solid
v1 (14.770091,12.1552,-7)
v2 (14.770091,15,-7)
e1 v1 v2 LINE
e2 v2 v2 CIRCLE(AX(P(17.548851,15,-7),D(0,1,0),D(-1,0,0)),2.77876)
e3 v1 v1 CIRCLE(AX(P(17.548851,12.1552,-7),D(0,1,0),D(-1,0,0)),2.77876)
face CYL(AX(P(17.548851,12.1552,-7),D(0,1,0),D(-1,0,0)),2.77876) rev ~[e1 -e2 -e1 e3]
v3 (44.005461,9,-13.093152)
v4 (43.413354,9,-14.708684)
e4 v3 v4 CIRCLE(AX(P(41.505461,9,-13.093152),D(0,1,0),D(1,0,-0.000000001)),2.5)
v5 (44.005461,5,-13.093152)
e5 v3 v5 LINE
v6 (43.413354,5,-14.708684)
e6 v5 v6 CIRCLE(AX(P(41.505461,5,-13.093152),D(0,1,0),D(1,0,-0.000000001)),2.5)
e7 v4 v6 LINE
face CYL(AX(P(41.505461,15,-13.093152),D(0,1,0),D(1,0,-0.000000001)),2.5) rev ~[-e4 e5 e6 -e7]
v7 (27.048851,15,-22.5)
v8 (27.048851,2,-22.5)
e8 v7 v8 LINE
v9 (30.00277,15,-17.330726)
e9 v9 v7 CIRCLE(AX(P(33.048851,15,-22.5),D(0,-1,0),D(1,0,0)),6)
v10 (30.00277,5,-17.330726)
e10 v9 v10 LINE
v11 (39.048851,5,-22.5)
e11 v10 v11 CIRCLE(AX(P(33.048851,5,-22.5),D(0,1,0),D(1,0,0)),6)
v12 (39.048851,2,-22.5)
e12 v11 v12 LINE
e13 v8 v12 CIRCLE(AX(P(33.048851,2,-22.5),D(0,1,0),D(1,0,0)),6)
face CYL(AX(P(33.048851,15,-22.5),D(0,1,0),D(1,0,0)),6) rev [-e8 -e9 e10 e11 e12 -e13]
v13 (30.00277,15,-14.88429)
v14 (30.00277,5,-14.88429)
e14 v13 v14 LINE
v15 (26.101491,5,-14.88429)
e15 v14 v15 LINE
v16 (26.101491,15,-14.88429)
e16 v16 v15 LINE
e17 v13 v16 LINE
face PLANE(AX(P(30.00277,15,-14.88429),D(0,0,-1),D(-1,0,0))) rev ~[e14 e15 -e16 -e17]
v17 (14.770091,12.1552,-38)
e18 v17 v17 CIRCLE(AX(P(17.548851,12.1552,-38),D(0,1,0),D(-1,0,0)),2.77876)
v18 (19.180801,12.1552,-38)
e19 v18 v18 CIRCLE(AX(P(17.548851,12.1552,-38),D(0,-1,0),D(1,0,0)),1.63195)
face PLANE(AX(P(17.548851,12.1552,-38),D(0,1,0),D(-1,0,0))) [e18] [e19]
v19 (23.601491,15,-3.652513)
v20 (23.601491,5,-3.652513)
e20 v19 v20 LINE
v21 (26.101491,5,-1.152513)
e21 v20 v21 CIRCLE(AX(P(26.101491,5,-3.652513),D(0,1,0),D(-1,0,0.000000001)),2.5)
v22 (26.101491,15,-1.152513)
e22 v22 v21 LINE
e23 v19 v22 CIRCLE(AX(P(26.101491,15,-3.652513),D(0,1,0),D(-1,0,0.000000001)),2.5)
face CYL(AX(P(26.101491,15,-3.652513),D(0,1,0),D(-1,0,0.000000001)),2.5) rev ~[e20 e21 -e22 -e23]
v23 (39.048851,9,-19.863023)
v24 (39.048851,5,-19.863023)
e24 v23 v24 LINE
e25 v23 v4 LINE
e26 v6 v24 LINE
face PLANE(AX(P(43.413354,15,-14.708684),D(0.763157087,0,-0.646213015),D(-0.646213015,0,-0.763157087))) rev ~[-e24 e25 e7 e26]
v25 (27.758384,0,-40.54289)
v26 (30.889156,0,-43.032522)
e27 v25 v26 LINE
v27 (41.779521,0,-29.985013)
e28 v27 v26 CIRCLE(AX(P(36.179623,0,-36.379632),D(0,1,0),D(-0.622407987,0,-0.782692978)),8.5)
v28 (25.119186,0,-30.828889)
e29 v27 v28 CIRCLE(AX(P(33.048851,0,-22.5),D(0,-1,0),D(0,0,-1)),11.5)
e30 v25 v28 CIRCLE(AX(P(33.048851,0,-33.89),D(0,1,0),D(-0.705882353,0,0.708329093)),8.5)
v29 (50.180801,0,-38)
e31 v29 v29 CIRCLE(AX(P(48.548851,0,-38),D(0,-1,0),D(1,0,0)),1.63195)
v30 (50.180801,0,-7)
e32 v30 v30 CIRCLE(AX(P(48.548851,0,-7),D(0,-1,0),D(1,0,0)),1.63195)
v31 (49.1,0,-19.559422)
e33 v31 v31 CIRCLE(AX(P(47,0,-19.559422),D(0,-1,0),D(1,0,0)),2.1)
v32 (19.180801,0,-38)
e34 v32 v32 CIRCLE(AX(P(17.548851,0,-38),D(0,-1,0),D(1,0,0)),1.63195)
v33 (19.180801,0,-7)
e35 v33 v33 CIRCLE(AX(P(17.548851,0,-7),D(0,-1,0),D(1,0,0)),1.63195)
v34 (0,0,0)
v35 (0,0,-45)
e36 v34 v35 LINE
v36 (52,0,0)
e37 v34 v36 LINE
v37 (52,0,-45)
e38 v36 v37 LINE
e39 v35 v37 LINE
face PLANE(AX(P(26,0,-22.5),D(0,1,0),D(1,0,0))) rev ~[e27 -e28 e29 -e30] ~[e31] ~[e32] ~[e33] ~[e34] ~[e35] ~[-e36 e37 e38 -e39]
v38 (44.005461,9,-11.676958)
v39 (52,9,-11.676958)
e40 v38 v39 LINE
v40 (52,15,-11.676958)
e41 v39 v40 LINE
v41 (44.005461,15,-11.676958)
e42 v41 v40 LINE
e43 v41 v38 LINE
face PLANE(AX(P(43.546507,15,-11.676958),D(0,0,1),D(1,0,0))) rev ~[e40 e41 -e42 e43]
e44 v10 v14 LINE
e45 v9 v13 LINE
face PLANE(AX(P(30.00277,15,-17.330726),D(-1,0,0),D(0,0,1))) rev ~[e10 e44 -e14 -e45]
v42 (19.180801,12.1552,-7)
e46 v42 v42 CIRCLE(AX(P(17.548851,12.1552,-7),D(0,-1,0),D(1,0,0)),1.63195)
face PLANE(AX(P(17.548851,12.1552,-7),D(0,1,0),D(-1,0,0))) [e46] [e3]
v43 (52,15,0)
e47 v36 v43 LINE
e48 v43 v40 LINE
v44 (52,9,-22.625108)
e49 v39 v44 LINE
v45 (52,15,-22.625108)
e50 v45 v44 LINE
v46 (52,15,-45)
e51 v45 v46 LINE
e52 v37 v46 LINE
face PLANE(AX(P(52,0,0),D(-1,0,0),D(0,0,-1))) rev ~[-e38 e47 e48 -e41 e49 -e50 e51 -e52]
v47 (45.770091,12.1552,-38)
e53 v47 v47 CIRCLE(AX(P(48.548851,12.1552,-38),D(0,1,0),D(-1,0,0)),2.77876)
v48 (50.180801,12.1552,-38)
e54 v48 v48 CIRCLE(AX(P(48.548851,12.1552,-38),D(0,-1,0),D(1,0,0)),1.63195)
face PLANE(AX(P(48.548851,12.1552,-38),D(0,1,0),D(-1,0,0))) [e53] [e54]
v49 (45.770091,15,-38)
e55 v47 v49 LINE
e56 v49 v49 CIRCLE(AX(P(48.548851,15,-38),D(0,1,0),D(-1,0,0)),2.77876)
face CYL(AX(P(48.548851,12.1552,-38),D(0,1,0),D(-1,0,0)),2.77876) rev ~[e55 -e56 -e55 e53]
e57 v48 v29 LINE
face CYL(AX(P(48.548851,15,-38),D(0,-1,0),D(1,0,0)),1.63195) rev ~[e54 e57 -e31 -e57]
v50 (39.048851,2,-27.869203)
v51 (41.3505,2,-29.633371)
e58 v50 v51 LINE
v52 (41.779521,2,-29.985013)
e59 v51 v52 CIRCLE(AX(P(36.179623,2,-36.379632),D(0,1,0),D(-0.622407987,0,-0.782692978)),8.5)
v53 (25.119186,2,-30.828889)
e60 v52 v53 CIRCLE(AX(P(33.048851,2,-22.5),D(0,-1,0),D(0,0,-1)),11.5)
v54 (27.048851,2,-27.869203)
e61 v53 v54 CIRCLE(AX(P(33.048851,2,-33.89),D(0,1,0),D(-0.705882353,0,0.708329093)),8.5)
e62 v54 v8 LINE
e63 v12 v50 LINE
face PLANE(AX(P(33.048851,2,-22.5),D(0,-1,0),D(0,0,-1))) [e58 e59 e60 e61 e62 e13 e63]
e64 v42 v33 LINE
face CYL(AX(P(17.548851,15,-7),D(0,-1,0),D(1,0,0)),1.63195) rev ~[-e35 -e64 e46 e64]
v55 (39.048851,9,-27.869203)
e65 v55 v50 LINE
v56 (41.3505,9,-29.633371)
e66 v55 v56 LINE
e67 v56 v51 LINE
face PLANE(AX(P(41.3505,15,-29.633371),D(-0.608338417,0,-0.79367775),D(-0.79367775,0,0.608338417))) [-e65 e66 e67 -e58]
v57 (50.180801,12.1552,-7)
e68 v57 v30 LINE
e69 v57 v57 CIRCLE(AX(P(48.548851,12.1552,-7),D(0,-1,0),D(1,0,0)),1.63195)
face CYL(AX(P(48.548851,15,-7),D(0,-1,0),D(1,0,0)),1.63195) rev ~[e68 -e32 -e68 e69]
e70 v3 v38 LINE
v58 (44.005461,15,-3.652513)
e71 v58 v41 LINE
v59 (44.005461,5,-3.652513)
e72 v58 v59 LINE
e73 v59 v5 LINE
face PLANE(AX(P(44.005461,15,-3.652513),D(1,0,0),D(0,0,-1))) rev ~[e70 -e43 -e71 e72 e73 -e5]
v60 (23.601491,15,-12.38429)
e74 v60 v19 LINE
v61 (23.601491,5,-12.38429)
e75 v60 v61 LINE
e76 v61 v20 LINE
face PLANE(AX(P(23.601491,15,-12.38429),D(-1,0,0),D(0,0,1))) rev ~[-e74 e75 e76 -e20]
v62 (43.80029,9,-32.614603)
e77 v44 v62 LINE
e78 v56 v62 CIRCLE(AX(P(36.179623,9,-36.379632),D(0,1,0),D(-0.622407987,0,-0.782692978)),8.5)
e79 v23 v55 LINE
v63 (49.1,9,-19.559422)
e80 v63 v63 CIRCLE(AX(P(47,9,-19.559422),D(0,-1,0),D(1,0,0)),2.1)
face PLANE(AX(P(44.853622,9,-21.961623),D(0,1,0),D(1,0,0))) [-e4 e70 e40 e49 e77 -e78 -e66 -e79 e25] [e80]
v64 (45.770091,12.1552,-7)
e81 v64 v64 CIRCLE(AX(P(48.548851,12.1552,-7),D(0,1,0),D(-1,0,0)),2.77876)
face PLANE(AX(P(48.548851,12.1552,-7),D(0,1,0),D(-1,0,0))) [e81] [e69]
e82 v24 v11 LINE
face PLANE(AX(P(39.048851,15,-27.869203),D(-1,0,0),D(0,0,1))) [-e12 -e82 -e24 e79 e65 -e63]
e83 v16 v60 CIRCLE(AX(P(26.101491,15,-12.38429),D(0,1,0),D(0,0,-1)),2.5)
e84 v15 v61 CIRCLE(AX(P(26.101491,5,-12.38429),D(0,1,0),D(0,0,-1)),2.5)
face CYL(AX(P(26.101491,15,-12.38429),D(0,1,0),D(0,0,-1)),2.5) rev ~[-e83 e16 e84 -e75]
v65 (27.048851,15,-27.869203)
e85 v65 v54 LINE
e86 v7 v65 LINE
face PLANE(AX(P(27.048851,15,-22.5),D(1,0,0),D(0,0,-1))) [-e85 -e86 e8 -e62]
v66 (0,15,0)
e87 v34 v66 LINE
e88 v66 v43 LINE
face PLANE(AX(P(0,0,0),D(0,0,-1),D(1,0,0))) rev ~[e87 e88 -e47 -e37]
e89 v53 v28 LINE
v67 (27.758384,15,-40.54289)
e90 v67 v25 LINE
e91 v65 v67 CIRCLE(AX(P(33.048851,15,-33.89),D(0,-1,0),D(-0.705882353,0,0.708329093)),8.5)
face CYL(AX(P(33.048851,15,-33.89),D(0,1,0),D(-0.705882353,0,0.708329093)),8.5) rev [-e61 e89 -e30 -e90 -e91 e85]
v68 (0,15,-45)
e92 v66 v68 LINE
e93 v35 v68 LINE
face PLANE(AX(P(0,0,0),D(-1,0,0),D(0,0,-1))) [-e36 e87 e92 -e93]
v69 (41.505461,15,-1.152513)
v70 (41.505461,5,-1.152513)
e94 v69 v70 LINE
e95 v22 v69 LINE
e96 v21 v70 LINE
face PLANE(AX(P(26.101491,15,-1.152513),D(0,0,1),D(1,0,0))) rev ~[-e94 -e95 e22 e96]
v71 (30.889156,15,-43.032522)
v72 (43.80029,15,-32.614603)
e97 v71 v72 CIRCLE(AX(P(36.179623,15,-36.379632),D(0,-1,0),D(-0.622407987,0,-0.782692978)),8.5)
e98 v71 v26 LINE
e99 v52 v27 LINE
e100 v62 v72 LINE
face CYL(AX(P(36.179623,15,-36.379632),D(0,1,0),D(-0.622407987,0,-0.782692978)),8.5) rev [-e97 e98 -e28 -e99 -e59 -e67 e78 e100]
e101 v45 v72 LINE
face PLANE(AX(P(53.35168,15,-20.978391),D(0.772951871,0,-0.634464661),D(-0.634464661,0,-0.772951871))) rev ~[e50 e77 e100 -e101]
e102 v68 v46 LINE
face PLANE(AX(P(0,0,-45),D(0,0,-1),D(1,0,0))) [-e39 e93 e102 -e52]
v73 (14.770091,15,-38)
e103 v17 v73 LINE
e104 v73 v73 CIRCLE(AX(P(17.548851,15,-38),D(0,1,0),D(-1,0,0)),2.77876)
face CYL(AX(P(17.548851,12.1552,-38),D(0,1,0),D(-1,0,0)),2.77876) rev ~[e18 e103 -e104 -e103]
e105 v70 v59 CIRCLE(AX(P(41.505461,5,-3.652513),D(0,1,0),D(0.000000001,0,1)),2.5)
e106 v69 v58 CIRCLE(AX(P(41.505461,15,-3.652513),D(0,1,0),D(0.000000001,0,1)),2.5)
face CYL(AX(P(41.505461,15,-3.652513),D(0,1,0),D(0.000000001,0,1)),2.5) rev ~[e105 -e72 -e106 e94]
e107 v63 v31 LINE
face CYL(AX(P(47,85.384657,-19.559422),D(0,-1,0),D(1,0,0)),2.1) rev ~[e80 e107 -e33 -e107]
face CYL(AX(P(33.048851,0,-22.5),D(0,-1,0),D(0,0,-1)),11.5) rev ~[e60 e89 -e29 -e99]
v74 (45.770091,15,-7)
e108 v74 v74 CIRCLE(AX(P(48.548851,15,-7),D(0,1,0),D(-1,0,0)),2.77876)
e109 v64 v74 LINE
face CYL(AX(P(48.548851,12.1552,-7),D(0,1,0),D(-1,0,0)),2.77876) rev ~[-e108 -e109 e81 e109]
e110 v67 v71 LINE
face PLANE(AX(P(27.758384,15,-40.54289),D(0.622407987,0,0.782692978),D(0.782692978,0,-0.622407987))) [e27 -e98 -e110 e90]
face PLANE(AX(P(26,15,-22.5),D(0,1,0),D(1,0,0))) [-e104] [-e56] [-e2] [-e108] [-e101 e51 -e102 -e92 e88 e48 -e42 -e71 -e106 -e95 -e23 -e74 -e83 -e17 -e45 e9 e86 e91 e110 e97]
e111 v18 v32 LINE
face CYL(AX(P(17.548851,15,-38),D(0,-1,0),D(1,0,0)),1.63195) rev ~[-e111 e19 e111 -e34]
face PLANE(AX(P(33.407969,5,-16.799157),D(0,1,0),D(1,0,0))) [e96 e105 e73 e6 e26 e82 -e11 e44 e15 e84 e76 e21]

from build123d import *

# Parameters (mm, degrees)
SKETCH1_W                                      = 52
SKETCH1_H                                      = 45
BOSS_EXTRUDE1_DEPTH                            = 15
SKETCH2_R                                      = 11.5
CUT_EXTRUDE1_DEPTH                             = 2
CBORE_FOR_4_SOCKET_HEAD_CAP_SCREW1_D           = 3.2639
CBORE_FOR_4_SOCKET_HEAD_CAP_SCREW1_CBORE_D     = 5.55752
CBORE_FOR_4_SOCKET_HEAD_CAP_SCREW1_CBORE_DEPTH = 2.8448
CUT_EXTRUDE3_DEPTH                             = 71.384657419
CUT_EXTRUDE4_DEPTH                             = 10
CUT_EXTRUDE5_DEPTH                             = 6
M5_TAPPED_HOLE3_D                              = 4.2


with BuildPart() as part:
    # Sketch1 → Boss-Extrude1 (new body)
    with BuildSketch(Plane(origin=(0, 0, 0), x_dir=(1, 0, 0), z_dir=(0, 1, 0))):
        with Locations((26, 22.5)):
            Rectangle(SKETCH1_W, SKETCH1_H)
    extrude(amount=BOSS_EXTRUDE1_DEPTH)

    # Sketch2 → Cut-Extrude1 (cut)
    with BuildSketch(Plane.XZ):
        with Locations((33.048851489, -22.5)):
            Circle(SKETCH2_R)
    extrude(amount=-CUT_EXTRUDE1_DEPTH, mode=Mode.SUBTRACT)

    # CBORE for #4 Socket Head Cap Screw1 (through all)
    with Locations(Plane(origin=(0, 15, 0), x_dir=(-1, 0, 0), z_dir=(0, 1, 0))):
        with Locations((-48.548851489, -38), (-48.548851489, -7), (-17.548851489, -7), (-17.548851489, -38)):
            CounterBoreHole(CBORE_FOR_4_SOCKET_HEAD_CAP_SCREW1_D / 2, CBORE_FOR_4_SOCKET_HEAD_CAP_SCREW1_CBORE_D / 2, CBORE_FOR_4_SOCKET_HEAD_CAP_SCREW1_CBORE_DEPTH)

    # Sketch8 → Cut-Extrude3 (cut, through all)
    with BuildSketch(Plane(origin=(0, 15, 0), x_dir=(1, 0, 0), z_dir=(0, 1, 0))):
        with BuildLine():
            Line((27.048851489, 22.5), (27.048851489, 27.869202711))
            ThreePointArc((27.048851489, 27.869202711), (24.562140957, 34.365125617), (27.7583836, 40.542890313))
            Line((27.7583836, 40.542890313), (30.889155511, 43.032522261))
            ThreePointArc((30.889155511, 43.032522261), (42.879465836, 41.610512499), (41.350499943, 29.633371074))
            Line((41.350499943, 29.633371074), (39.048851489, 27.869202711))
            Line((39.048851489, 27.869202711), (39.048851489, 22.5))
            ThreePointArc((39.048851489, 22.5), (33.048851489, 16.5), (27.048851489, 22.5))
        make_face()
    extrude(amount=-CUT_EXTRUDE3_DEPTH, mode=Mode.SUBTRACT)

    # Sketch11 → Cut-Extrude4 (cut)
    with BuildSketch(Plane(origin=(0, 15, 0), x_dir=(1, 0, 0), z_dir=(0, 1, 0))):
        with BuildLine():
            Line((23.601490667, 12.384290412), (23.601490667, 3.652513208))
            ThreePointArc((23.601490667, 3.652513208), (24.333723714, 1.884746256), (26.101490667, 1.152513208))
            Line((26.101490667, 1.152513208), (41.505460803, 1.152513208))
            ThreePointArc((41.505460803, 1.152513208), (43.273227756, 1.884746256), (44.005460803, 3.652513208))
            Line((44.005460803, 3.652513208), (44.005460803, 13.09315188))
            ThreePointArc((44.005460803, 13.09315188), (43.852771156, 13.953462349), (43.41335352, 14.708684417))
            Line((43.41335352, 14.708684417), (39.048851489, 19.863022972))
            Line((39.048851489, 19.863022972), (39.048851489, 34.725308874))
            Line((39.048851489, 34.725308874), (27.048851489, 34.725308874))
            Line((27.048851489, 34.725308874), (27.048851489, 22.5))
            ThreePointArc((27.048851489, 22.5), (27.839413547, 19.523129776), (30.002770266, 17.330726436))
            Line((30.002770266, 17.330726436), (30.002770266, 14.884290412))
            Line((30.002770266, 14.884290412), (26.101490667, 14.884290412))
            ThreePointArc((26.101490667, 14.884290412), (24.333723714, 14.152057365), (23.601490667, 12.384290412))
        make_face()
    extrude(amount=-CUT_EXTRUDE4_DEPTH, mode=Mode.SUBTRACT)

    # Sketch12 → Cut-Extrude5 (cut)
    with BuildSketch(Plane(origin=(0, 15, 0), x_dir=(1, 0, 0), z_dir=(0, 1, 0))):
        Polygon((43.546506973, 11.676957706), (53.351680383, 11.676957706), (53.351680383, 20.978390716), (41.522528086, 35.389540724), (36.326040528, 27.362061402), (38.483158835, 17.285853694), align=None)
    extrude(amount=-CUT_EXTRUDE5_DEPTH, mode=Mode.SUBTRACT)

    # M5 Tapped Hole3 (through all)
    with Locations(Plane(origin=(0, 15, 0), x_dir=(-1, 0, 0), z_dir=(0, 1, 0))):
        with Locations((-47, -19.55942237)):
            Hole(M5_TAPPED_HOLE3_D / 2)


solid = part.part
